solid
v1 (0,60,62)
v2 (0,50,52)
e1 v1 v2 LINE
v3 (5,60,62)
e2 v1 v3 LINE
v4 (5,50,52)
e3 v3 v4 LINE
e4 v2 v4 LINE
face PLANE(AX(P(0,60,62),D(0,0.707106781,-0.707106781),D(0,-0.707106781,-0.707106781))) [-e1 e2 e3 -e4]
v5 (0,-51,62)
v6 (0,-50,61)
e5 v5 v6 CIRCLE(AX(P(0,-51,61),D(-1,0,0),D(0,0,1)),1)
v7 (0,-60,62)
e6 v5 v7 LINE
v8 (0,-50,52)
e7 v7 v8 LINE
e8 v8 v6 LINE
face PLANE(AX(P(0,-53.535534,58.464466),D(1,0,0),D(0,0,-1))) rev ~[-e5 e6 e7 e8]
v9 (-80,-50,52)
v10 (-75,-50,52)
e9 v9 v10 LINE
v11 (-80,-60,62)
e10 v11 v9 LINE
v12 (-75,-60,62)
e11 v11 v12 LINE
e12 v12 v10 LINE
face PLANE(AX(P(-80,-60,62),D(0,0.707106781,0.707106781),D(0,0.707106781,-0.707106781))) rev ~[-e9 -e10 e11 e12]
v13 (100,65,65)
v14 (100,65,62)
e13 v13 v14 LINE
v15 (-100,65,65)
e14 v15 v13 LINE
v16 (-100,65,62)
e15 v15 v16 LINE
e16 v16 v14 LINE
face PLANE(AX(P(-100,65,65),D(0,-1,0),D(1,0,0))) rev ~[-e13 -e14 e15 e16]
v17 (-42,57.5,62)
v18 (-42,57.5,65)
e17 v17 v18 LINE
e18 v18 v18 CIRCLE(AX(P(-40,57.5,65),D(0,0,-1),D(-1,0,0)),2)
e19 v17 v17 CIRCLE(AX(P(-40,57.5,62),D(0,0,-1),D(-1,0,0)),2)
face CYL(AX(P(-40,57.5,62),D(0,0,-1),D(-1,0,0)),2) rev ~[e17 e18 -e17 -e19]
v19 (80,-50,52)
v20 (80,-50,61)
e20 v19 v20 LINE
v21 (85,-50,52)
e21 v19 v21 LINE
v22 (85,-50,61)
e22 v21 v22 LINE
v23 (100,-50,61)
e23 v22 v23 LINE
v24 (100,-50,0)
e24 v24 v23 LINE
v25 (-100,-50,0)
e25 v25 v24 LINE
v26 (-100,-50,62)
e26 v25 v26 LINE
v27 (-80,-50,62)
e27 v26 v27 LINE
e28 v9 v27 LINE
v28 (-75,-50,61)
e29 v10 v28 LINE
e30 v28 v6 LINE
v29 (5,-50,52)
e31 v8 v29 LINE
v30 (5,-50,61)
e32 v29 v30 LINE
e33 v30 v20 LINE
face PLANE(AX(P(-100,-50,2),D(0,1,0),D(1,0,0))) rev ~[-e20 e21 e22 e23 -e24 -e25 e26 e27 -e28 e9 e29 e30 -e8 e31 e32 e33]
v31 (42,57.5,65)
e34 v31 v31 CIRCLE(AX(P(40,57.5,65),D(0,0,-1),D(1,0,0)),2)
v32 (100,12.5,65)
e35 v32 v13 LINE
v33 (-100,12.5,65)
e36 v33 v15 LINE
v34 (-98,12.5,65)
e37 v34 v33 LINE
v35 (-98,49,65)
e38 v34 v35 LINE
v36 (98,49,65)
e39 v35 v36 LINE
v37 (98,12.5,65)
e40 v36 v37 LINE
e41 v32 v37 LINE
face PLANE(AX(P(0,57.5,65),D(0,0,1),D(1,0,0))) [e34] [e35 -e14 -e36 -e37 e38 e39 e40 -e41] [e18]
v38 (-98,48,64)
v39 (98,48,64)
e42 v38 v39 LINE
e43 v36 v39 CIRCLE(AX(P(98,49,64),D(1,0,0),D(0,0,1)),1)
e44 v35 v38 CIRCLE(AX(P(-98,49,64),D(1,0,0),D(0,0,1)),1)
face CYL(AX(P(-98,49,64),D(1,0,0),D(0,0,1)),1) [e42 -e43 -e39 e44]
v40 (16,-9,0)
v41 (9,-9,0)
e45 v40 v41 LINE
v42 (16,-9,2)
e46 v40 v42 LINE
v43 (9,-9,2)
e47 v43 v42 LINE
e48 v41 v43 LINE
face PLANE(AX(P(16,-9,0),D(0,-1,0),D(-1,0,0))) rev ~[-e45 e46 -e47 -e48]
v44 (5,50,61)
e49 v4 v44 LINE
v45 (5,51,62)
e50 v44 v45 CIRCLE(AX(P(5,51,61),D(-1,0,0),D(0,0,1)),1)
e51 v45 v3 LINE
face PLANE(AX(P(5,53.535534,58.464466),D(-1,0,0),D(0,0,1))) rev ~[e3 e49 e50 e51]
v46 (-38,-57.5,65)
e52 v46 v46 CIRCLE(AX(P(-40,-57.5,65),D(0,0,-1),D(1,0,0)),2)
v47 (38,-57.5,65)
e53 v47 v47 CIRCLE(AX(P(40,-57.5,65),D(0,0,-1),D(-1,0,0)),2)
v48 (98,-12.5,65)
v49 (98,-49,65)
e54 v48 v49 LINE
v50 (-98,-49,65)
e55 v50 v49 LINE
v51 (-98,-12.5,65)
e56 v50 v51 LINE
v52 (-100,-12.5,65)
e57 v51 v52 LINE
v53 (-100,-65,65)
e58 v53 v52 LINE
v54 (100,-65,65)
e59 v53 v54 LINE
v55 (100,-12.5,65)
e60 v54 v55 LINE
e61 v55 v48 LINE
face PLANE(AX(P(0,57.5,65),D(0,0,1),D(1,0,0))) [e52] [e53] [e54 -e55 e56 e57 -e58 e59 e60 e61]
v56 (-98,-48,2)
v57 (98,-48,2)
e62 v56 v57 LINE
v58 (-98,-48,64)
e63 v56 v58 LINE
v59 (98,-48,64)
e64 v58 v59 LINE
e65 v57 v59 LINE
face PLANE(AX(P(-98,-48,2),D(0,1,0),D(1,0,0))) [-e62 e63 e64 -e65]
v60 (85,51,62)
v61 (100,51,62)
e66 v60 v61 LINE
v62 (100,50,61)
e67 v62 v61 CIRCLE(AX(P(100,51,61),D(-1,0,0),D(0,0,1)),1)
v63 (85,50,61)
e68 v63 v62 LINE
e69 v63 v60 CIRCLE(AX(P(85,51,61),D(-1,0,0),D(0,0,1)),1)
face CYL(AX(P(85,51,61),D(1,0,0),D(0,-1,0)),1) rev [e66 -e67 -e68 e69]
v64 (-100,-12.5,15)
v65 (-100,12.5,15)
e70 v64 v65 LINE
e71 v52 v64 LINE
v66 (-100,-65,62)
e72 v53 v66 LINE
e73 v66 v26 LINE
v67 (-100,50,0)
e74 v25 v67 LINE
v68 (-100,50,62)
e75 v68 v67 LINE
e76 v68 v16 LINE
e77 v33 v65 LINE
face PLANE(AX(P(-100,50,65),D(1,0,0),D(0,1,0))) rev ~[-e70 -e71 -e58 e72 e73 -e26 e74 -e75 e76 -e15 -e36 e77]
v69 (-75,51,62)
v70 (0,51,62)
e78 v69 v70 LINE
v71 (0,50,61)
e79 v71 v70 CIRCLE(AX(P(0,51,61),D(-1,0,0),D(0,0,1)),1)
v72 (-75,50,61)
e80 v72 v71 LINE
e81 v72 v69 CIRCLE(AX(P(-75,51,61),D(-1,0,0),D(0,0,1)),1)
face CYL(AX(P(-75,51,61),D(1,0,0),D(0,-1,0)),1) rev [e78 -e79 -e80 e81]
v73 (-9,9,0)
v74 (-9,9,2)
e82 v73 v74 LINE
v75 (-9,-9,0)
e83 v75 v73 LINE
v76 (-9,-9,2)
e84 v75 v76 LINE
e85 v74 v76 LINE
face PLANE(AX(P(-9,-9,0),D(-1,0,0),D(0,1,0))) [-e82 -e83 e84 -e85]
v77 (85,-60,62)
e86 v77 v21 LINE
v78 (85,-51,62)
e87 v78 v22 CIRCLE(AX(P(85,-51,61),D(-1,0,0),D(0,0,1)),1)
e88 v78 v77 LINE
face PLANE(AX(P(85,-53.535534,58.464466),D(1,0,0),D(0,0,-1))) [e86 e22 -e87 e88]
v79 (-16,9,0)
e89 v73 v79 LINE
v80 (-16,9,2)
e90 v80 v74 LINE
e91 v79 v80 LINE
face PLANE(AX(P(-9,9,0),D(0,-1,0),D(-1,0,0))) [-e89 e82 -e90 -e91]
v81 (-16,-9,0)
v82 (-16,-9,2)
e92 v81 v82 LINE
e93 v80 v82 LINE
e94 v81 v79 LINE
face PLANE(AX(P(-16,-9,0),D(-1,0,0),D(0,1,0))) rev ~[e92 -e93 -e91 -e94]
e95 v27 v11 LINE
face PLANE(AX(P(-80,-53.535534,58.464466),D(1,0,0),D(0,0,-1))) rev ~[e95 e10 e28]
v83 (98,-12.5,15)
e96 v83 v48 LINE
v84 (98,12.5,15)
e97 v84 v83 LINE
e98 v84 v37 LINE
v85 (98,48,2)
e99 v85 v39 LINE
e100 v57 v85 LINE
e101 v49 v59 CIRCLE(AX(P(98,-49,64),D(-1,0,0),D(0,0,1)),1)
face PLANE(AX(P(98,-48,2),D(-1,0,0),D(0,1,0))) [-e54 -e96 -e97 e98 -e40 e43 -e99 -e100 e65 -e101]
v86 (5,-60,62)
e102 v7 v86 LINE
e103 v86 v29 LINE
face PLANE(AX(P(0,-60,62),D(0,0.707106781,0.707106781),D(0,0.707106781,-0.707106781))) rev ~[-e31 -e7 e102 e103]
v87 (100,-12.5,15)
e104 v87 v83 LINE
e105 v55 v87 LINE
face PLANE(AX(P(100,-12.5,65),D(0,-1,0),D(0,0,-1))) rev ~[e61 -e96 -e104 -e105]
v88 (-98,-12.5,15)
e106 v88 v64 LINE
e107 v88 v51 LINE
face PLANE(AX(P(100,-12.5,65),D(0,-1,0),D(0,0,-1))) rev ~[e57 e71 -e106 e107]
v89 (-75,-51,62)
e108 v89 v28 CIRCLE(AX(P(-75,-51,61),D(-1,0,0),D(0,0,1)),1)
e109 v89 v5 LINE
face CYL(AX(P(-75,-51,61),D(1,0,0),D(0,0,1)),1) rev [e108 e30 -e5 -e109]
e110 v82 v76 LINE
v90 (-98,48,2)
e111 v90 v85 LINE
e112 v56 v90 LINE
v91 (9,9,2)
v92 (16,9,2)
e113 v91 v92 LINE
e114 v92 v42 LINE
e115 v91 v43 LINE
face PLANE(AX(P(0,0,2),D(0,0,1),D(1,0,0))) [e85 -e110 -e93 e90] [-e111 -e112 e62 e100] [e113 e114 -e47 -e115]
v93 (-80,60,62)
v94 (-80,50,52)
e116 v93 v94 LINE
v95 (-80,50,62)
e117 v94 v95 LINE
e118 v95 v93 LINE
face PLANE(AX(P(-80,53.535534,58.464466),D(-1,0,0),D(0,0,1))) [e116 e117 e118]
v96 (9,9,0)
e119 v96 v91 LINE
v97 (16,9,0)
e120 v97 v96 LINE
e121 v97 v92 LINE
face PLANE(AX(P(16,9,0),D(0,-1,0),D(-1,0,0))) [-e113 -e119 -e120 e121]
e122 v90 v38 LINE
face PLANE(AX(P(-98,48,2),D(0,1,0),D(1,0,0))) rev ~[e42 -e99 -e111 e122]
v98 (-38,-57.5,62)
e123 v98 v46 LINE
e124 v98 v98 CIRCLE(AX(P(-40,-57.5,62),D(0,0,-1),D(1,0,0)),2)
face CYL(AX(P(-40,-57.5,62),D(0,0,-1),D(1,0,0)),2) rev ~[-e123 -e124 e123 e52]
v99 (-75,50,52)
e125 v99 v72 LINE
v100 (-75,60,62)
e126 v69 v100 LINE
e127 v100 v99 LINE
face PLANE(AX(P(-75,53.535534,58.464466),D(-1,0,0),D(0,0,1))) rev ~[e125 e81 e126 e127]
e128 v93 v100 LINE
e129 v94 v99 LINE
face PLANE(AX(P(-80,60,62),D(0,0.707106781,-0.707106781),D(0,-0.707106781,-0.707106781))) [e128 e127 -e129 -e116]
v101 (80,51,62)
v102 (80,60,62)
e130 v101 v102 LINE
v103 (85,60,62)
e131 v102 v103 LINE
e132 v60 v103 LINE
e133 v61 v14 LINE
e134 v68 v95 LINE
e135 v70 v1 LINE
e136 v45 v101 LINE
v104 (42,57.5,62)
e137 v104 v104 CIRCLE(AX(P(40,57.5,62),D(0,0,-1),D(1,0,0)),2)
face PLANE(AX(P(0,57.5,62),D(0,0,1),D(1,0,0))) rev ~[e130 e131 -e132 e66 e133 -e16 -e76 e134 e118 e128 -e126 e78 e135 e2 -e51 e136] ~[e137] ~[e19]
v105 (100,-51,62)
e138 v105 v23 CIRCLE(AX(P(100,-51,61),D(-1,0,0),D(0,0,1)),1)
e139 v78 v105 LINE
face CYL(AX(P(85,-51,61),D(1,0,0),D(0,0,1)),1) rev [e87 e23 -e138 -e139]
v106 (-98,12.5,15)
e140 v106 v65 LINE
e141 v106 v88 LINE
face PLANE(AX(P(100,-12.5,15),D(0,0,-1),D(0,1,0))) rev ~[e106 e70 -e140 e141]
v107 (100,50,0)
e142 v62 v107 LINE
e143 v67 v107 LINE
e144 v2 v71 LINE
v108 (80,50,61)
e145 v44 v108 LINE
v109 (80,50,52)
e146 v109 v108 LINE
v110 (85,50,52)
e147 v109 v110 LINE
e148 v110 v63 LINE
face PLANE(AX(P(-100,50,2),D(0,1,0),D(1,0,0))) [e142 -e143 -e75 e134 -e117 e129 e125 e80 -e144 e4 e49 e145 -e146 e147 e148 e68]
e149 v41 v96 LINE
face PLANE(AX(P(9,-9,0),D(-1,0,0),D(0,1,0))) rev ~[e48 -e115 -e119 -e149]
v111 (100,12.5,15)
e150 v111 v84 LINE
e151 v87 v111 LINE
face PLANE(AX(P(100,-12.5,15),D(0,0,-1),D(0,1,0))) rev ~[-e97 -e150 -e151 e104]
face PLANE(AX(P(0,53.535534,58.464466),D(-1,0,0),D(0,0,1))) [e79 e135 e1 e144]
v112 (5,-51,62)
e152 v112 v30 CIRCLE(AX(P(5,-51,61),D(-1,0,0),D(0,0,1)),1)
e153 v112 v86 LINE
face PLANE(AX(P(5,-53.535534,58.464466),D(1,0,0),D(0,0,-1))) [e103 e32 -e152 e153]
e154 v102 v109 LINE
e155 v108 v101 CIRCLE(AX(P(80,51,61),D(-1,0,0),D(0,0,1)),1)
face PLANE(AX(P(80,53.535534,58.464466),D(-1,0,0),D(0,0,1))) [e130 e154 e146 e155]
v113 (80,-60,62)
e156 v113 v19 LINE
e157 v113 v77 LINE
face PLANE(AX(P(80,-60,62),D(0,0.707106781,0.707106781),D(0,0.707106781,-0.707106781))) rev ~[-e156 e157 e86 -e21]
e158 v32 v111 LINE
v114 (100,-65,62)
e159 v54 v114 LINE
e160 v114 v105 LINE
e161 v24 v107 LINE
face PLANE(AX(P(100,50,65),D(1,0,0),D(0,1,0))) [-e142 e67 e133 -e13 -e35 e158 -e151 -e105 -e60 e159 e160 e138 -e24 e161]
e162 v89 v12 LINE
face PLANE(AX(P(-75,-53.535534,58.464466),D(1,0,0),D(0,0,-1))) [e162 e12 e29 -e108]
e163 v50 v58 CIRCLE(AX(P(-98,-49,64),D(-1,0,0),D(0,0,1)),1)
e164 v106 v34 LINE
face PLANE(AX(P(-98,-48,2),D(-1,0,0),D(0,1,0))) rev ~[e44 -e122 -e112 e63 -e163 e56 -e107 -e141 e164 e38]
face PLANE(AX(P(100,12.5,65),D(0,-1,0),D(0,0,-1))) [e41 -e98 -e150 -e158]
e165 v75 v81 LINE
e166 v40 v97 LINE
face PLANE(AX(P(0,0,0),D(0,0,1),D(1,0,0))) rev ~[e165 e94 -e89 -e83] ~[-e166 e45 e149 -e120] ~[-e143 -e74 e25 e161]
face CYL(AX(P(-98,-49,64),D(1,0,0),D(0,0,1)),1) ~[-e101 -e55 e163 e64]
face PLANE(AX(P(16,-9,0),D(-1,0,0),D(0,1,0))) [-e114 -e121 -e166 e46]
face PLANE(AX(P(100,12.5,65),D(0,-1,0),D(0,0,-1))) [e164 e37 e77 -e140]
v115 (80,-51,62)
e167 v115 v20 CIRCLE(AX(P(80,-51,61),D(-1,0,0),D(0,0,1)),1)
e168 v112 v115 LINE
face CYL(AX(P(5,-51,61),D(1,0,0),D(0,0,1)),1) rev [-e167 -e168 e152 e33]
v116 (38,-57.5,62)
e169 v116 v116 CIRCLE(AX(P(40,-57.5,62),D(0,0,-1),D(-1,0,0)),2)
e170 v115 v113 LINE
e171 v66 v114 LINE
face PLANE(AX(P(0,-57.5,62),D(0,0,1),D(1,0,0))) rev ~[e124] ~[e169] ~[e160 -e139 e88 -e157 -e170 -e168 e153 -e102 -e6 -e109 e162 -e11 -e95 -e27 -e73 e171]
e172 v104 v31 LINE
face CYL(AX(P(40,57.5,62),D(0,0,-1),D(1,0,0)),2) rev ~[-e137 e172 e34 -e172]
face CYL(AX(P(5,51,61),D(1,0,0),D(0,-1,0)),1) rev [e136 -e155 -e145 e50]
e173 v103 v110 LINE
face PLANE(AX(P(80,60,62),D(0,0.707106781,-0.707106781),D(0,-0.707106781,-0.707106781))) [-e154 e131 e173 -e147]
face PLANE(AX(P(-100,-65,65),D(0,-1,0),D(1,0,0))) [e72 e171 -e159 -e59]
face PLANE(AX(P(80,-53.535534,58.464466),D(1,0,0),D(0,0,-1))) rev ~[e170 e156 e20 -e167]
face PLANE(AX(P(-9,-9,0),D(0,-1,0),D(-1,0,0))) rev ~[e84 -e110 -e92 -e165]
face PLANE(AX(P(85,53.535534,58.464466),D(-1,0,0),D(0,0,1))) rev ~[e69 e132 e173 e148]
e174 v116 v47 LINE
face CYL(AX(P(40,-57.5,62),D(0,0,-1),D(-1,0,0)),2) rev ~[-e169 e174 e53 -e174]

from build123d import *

# Parameters (mm, degrees)
SKETCH_1_W             = 200
SKETCH_1_H             = 100
EXTRUDE_1_DEPTH        = 2
SKETCH_2_W             = 200
SKETCH_2_H             = 100
SKETCH_2_W_2           = 196
SKETCH_2_H_2           = 96
EXTRUDE_2_DEPTH        = 63
SKETCH_3_W             = 7
SKETCH_3_H             = 18
CUT_EXTRUDE_1_DEPTH    = 63
SKETCH_4_W             = 200
SKETCH_4_H             = 15
EXTRUDE_3_DEPTH        = 3
EXTRUDE_4_DEPTH        = 5
PATTERN_LINEAR_1_COUNT = 2
PATTERN_LINEAR_1_PITCH = 80
PATTERN_LINEAR_2_COUNT = 2
PATTERN_LINEAR_2_PITCH = 80
SKETCH_6_R             = 2
CUT_EXTRUDE_2_DEPTH    = 5
FILLET_1_R             = 1
SKETCH_7_W             = 50
SKETCH_7_H             = 25
CUT_EXTRUDE_3_DEPTH    = 281


with BuildPart() as part:
    # 草图1 → 凸台-拉伸1 (new body)
    with BuildSketch(Plane.XY):
        Rectangle(SKETCH_1_W, SKETCH_1_H)
    extrude(amount=EXTRUDE_1_DEPTH)

    # 草图2 → 凸台-拉伸2 (add)
    with BuildSketch(Plane.XY.offset(2)):
        Rectangle(SKETCH_2_W, SKETCH_2_H)
        Rectangle(SKETCH_2_W_2, SKETCH_2_H_2, mode=Mode.SUBTRACT)
    extrude(amount=EXTRUDE_2_DEPTH)

    # 草图3 → 切除-拉伸1 (cut)
    with BuildSketch(Plane(origin=(0, 0, 0), x_dir=(-1, 0, 0), z_dir=(0, 0, -1))):
        with Locations((12.5, 0)):
            Rectangle(SKETCH_3_W, SKETCH_3_H)
        with Locations((-12.5, 0)):
            Rectangle(SKETCH_3_W, SKETCH_3_H)
    extrude(amount=-CUT_EXTRUDE_1_DEPTH, mode=Mode.SUBTRACT)

    # 草图4 → 凸台-拉伸3 (add)
    with BuildSketch(Plane.XY.offset(65)):
        with Locations((0, 57.5)):
            Rectangle(SKETCH_4_W, SKETCH_4_H)
        with Locations((0, -57.5)):
            Rectangle(SKETCH_4_W, SKETCH_4_H)
    extrude(amount=-EXTRUDE_3_DEPTH)

    # 草图5 → 凸台-拉伸4 (add)
    with BuildSketch(Plane(origin=(0, 0, 0), x_dir=(0, 0, -1), z_dir=(1, 0, 0))):
        Polygon((-62, 60), (-52, 50), (-62, 50), align=None)
        Polygon((-52, -50), (-62, -50), (-62, -60), align=None)
    extrude_4 = extrude(amount=EXTRUDE_4_DEPTH)

    # 阵列(线性)1: 凸台-拉伸4 ×2
    with Locations(*[(-i * PATTERN_LINEAR_1_PITCH, 0, 0) for i in range(1, PATTERN_LINEAR_1_COUNT)]):
        add(extrude_4)

    # 阵列(线性)2: 凸台-拉伸4 ×2
    with Locations(*[(i * PATTERN_LINEAR_2_PITCH, 0, 0) for i in range(1, PATTERN_LINEAR_2_COUNT)]):
        add(extrude_4)

    # 草图6 → 切除-拉伸2 (cut)
    with BuildSketch(Plane(origin=(0, 0, 62), x_dir=(-1, 0, 0), z_dir=(0, 0, -1))):
        with Locations((-40, -57.5)):
            Circle(SKETCH_6_R)
        with Locations(Location((40, -57.5, 0), (0, 0, 180))):
            Circle(SKETCH_6_R)
        with Locations((40, 57.5)):
            Circle(SKETCH_6_R)
        with Locations(Location((-40, 57.5, 0), (0, 0, 180))):
            Circle(SKETCH_6_R)
    extrude(amount=-CUT_EXTRUDE_2_DEPTH, mode=Mode.SUBTRACT)

    # 圆角1
    fillet_1_edges = [part.edges().sort_by_distance(p)[0] for p in [
        (42.5, 50, 62),
        (-37.5, -50, 62),
        (-37.5, 50, 62),
        (92.5, 50, 62),
        (42.5, -50, 62),
        (0, 48, 65),
        (0, -48, 65),
        (92.5, -50, 62),
    ]]
    fillet(fillet_1_edges, radius=FILLET_1_R)

    # 草图7 → 切除-拉伸3 (cut)
    with BuildSketch(Plane(origin=(100, 0, 0), x_dir=(0, 0, -1), z_dir=(1, 0, 0))):
        with Locations((-40, 0)):
            Rectangle(SKETCH_7_W, SKETCH_7_H)
    extrude(amount=-CUT_EXTRUDE_3_DEPTH, mode=Mode.SUBTRACT)


solid = part.part
